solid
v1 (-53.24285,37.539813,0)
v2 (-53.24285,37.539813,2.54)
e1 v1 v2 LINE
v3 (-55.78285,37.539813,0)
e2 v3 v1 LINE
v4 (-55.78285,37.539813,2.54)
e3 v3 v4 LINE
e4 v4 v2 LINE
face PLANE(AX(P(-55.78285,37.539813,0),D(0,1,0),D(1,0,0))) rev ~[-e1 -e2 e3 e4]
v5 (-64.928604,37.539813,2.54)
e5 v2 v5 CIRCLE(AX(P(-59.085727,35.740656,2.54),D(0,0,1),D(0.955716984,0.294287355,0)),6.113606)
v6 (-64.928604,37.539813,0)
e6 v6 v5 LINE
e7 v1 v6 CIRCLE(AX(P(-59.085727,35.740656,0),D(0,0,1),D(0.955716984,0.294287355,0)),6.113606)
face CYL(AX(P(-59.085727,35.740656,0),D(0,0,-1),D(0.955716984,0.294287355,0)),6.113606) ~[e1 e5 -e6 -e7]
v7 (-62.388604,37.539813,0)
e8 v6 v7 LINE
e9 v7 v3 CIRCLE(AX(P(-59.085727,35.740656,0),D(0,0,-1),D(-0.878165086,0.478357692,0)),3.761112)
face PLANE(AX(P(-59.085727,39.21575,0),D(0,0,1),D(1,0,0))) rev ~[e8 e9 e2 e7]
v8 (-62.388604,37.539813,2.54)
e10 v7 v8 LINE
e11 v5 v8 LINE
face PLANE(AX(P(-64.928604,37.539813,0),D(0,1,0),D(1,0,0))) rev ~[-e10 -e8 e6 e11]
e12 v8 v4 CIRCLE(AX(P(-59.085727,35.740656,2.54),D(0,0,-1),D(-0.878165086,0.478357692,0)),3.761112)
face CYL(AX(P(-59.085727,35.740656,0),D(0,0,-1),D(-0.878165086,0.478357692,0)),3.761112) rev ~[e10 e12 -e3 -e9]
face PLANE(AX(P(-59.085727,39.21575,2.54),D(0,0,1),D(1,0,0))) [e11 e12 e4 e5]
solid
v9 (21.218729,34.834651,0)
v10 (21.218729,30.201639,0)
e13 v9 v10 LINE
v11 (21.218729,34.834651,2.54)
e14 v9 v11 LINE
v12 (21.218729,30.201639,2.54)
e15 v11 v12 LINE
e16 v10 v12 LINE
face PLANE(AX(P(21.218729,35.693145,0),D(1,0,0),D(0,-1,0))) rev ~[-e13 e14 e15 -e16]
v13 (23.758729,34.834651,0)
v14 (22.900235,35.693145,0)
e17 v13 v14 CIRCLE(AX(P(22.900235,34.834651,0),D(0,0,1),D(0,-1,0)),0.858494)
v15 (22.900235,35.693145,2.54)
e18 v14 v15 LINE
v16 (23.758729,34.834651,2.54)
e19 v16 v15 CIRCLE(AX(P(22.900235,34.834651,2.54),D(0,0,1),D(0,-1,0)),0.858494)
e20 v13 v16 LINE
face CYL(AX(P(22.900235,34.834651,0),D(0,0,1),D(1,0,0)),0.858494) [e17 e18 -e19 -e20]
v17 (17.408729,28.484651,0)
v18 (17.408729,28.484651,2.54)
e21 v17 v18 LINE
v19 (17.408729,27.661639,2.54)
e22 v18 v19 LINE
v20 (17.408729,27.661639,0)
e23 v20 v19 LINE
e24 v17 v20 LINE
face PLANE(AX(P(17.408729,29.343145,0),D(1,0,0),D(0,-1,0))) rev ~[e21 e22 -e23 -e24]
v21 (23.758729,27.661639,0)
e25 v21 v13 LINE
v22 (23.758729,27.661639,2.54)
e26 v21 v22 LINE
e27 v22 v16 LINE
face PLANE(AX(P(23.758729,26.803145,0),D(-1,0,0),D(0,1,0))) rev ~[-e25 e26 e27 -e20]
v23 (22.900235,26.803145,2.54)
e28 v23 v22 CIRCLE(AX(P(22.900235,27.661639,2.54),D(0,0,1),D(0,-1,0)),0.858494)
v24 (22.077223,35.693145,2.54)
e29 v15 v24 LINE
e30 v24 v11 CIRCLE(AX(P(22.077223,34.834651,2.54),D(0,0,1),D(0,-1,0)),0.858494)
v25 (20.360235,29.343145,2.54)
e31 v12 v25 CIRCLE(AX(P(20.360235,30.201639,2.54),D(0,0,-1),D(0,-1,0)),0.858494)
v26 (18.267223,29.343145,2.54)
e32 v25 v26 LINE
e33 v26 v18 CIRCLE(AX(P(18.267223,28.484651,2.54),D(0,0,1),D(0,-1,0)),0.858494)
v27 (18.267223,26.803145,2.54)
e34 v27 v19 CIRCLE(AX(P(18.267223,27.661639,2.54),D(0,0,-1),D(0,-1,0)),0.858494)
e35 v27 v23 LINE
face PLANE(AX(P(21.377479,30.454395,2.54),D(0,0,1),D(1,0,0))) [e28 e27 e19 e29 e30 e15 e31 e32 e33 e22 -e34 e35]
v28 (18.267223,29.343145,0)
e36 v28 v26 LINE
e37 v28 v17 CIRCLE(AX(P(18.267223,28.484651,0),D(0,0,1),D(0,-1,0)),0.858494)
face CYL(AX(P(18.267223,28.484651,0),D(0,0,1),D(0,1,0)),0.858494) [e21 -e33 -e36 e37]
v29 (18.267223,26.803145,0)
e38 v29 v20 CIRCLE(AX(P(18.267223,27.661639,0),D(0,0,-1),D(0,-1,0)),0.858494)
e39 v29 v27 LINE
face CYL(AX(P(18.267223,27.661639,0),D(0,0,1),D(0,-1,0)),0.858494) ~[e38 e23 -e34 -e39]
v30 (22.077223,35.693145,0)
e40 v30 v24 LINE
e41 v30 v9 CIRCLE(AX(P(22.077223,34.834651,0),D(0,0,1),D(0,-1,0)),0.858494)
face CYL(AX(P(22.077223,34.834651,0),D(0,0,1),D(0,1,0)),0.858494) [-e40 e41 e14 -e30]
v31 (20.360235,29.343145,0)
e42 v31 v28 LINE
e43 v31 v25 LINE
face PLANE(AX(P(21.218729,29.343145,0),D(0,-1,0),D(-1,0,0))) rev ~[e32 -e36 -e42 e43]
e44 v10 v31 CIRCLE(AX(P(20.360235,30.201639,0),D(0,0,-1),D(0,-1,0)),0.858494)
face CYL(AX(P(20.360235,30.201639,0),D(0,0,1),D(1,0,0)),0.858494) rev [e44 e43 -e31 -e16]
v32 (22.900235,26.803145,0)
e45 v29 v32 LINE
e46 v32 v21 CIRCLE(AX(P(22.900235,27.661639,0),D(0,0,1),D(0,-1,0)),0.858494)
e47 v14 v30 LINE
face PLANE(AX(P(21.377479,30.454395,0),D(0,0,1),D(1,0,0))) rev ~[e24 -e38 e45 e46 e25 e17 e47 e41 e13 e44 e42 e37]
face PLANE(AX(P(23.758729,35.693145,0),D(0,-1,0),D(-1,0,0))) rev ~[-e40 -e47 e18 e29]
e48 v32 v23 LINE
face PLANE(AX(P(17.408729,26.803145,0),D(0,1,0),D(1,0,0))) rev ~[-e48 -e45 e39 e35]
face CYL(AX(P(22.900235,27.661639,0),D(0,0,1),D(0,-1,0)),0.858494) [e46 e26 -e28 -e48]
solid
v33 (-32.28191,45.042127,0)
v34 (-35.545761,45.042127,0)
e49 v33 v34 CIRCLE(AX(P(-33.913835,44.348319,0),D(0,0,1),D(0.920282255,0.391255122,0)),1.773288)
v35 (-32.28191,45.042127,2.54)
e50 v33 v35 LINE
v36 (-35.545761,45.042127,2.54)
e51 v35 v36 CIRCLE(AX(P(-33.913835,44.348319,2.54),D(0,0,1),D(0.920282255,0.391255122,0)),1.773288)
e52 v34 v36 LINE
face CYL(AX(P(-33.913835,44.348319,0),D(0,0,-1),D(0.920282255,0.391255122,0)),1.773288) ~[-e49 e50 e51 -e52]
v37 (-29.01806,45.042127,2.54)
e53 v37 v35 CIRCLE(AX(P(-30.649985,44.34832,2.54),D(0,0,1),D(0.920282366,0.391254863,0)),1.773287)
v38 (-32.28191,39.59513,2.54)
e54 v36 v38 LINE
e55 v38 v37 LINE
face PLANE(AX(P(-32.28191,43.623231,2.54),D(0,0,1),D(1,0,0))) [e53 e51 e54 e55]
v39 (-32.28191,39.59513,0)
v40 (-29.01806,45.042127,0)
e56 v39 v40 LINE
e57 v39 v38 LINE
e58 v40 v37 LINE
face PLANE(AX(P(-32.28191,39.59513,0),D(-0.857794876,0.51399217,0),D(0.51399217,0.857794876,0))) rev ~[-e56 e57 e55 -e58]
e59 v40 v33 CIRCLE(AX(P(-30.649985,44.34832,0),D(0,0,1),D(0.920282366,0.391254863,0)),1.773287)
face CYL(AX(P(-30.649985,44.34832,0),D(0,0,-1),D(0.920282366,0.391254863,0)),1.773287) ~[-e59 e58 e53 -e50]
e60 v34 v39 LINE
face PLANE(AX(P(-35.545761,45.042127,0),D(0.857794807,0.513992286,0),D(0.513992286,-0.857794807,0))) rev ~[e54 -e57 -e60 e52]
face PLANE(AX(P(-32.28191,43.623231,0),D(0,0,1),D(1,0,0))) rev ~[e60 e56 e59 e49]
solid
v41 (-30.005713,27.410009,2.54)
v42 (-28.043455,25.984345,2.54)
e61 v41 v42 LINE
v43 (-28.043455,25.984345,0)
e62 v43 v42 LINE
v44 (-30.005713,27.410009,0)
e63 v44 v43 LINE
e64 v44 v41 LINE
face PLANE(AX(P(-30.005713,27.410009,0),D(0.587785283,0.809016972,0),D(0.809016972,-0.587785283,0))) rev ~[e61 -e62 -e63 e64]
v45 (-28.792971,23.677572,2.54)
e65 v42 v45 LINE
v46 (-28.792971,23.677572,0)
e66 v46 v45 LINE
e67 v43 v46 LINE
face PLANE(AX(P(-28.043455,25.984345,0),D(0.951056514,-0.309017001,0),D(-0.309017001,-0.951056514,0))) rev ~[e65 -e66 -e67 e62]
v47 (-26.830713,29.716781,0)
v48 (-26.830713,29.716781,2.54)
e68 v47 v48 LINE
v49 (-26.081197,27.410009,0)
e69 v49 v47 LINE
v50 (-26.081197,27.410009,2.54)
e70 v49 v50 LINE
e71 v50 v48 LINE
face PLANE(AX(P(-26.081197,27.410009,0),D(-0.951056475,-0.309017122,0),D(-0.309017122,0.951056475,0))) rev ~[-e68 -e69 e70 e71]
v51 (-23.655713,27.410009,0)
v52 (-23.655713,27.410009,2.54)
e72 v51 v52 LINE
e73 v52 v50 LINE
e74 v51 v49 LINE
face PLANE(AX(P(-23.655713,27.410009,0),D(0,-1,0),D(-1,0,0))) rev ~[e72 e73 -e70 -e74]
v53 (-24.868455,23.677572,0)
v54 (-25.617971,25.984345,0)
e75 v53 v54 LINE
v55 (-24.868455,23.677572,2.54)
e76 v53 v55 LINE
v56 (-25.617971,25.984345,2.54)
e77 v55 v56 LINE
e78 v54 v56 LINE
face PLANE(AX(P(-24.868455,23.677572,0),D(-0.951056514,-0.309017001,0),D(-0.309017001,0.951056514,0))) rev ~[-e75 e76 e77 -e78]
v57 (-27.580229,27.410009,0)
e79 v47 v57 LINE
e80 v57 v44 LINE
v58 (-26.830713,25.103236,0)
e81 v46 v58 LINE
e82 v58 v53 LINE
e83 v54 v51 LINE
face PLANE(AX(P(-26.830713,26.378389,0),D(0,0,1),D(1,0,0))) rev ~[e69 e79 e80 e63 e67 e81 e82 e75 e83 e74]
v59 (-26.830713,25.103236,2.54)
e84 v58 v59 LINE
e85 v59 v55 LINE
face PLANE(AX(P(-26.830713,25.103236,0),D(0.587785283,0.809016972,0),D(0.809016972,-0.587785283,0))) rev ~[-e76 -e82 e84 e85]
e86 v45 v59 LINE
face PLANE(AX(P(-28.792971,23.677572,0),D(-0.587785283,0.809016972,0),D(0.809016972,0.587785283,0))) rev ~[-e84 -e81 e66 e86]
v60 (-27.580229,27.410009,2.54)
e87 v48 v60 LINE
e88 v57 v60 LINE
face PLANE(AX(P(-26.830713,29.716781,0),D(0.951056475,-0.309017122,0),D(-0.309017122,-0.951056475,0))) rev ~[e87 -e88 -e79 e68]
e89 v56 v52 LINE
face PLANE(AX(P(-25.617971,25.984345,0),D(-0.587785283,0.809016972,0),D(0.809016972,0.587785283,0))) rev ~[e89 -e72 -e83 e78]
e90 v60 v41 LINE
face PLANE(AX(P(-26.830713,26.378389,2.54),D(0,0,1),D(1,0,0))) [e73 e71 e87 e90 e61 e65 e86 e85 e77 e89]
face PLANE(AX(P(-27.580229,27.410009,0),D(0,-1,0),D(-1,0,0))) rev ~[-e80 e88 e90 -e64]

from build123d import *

# Parameters (mm, degrees)
F1_DEPTH = 2.54
F3_DEPTH = 2.54
F6_DEPTH = 2.54
F7_R     = 0.858494
F8_DEPTH = 2.54


with BuildPart() as f1:
    # F0 (on Top) → F1 (new body)
    with BuildSketch(Plane.XY):
        with BuildLine():
            Line((-55.78285, 37.539813), (-53.24285, 37.539813))
            ThreePointArc((-53.24285, 37.539813), (-59.085727, 41.854262), (-64.928604, 37.539813))
            Line((-64.928604, 37.539813), (-62.388604, 37.539813))
            ThreePointArc((-62.388604, 37.539813), (-59.085727, 39.501768), (-55.78285, 37.539813))
        make_face()
    extrude(amount=F1_DEPTH)


with BuildPart() as f3:
    # F2 (on Top) → F3 (new body)
    with BuildSketch(Plane.XY):
        Polygon((-26.830713, 29.716781), (-27.580229, 27.410009), (-30.005713, 27.410009), (-28.043455, 25.984345), (-28.792971, 23.677572), (-26.830713, 25.103236), (-24.868455, 23.677572), (-25.617971, 25.984345), (-23.655713, 27.410009), (-26.081197, 27.410009), align=None)
    extrude(amount=F3_DEPTH)


with BuildPart() as f6:
    # F5 (on Top) → F6 (new body)
    with BuildSketch(Plane.XY):
        Polygon((17.408729, 26.803145), (18.408854, 26.803145), (23.758729, 26.803145), (23.758729, 35.693145), (21.218729, 35.693145), (21.218729, 29.343145), (17.408729, 29.343145), align=None)
    extrude(amount=F6_DEPTH)

    # F7
    f7_edges = [f6.edges().sort_by_distance(p)[0] for p in [
        (17.408729, 29.343145, 1.27),
        (21.218729, 29.343145, 1.27),
        (17.408729, 26.803145, 1.27),
        (23.758729, 26.803145, 1.27),
        (23.758729, 35.693145, 1.27),
        (21.218729, 35.693145, 1.27),
    ]]
    fillet(f7_edges, radius=F7_R)


with BuildPart() as f8:
    # F4 (on Top) → F8 (new body)
    with BuildSketch(Plane.XY):
        with BuildLine():
            ThreePointArc((-32.28191, 45.042127), (-33.913835, 46.121607), (-35.545761, 45.042127))
            Line((-35.545761, 45.042127), (-32.28191, 39.59513))
            Line((-32.28191, 39.59513), (-29.01806, 45.042127))
            ThreePointArc((-29.01806, 45.042127), (-30.649985, 46.121607), (-32.28191, 45.042127))
        make_face()
    extrude(amount=F8_DEPTH)


solid = Compound([f1.part, f3.part, f6.part, f8.part])
